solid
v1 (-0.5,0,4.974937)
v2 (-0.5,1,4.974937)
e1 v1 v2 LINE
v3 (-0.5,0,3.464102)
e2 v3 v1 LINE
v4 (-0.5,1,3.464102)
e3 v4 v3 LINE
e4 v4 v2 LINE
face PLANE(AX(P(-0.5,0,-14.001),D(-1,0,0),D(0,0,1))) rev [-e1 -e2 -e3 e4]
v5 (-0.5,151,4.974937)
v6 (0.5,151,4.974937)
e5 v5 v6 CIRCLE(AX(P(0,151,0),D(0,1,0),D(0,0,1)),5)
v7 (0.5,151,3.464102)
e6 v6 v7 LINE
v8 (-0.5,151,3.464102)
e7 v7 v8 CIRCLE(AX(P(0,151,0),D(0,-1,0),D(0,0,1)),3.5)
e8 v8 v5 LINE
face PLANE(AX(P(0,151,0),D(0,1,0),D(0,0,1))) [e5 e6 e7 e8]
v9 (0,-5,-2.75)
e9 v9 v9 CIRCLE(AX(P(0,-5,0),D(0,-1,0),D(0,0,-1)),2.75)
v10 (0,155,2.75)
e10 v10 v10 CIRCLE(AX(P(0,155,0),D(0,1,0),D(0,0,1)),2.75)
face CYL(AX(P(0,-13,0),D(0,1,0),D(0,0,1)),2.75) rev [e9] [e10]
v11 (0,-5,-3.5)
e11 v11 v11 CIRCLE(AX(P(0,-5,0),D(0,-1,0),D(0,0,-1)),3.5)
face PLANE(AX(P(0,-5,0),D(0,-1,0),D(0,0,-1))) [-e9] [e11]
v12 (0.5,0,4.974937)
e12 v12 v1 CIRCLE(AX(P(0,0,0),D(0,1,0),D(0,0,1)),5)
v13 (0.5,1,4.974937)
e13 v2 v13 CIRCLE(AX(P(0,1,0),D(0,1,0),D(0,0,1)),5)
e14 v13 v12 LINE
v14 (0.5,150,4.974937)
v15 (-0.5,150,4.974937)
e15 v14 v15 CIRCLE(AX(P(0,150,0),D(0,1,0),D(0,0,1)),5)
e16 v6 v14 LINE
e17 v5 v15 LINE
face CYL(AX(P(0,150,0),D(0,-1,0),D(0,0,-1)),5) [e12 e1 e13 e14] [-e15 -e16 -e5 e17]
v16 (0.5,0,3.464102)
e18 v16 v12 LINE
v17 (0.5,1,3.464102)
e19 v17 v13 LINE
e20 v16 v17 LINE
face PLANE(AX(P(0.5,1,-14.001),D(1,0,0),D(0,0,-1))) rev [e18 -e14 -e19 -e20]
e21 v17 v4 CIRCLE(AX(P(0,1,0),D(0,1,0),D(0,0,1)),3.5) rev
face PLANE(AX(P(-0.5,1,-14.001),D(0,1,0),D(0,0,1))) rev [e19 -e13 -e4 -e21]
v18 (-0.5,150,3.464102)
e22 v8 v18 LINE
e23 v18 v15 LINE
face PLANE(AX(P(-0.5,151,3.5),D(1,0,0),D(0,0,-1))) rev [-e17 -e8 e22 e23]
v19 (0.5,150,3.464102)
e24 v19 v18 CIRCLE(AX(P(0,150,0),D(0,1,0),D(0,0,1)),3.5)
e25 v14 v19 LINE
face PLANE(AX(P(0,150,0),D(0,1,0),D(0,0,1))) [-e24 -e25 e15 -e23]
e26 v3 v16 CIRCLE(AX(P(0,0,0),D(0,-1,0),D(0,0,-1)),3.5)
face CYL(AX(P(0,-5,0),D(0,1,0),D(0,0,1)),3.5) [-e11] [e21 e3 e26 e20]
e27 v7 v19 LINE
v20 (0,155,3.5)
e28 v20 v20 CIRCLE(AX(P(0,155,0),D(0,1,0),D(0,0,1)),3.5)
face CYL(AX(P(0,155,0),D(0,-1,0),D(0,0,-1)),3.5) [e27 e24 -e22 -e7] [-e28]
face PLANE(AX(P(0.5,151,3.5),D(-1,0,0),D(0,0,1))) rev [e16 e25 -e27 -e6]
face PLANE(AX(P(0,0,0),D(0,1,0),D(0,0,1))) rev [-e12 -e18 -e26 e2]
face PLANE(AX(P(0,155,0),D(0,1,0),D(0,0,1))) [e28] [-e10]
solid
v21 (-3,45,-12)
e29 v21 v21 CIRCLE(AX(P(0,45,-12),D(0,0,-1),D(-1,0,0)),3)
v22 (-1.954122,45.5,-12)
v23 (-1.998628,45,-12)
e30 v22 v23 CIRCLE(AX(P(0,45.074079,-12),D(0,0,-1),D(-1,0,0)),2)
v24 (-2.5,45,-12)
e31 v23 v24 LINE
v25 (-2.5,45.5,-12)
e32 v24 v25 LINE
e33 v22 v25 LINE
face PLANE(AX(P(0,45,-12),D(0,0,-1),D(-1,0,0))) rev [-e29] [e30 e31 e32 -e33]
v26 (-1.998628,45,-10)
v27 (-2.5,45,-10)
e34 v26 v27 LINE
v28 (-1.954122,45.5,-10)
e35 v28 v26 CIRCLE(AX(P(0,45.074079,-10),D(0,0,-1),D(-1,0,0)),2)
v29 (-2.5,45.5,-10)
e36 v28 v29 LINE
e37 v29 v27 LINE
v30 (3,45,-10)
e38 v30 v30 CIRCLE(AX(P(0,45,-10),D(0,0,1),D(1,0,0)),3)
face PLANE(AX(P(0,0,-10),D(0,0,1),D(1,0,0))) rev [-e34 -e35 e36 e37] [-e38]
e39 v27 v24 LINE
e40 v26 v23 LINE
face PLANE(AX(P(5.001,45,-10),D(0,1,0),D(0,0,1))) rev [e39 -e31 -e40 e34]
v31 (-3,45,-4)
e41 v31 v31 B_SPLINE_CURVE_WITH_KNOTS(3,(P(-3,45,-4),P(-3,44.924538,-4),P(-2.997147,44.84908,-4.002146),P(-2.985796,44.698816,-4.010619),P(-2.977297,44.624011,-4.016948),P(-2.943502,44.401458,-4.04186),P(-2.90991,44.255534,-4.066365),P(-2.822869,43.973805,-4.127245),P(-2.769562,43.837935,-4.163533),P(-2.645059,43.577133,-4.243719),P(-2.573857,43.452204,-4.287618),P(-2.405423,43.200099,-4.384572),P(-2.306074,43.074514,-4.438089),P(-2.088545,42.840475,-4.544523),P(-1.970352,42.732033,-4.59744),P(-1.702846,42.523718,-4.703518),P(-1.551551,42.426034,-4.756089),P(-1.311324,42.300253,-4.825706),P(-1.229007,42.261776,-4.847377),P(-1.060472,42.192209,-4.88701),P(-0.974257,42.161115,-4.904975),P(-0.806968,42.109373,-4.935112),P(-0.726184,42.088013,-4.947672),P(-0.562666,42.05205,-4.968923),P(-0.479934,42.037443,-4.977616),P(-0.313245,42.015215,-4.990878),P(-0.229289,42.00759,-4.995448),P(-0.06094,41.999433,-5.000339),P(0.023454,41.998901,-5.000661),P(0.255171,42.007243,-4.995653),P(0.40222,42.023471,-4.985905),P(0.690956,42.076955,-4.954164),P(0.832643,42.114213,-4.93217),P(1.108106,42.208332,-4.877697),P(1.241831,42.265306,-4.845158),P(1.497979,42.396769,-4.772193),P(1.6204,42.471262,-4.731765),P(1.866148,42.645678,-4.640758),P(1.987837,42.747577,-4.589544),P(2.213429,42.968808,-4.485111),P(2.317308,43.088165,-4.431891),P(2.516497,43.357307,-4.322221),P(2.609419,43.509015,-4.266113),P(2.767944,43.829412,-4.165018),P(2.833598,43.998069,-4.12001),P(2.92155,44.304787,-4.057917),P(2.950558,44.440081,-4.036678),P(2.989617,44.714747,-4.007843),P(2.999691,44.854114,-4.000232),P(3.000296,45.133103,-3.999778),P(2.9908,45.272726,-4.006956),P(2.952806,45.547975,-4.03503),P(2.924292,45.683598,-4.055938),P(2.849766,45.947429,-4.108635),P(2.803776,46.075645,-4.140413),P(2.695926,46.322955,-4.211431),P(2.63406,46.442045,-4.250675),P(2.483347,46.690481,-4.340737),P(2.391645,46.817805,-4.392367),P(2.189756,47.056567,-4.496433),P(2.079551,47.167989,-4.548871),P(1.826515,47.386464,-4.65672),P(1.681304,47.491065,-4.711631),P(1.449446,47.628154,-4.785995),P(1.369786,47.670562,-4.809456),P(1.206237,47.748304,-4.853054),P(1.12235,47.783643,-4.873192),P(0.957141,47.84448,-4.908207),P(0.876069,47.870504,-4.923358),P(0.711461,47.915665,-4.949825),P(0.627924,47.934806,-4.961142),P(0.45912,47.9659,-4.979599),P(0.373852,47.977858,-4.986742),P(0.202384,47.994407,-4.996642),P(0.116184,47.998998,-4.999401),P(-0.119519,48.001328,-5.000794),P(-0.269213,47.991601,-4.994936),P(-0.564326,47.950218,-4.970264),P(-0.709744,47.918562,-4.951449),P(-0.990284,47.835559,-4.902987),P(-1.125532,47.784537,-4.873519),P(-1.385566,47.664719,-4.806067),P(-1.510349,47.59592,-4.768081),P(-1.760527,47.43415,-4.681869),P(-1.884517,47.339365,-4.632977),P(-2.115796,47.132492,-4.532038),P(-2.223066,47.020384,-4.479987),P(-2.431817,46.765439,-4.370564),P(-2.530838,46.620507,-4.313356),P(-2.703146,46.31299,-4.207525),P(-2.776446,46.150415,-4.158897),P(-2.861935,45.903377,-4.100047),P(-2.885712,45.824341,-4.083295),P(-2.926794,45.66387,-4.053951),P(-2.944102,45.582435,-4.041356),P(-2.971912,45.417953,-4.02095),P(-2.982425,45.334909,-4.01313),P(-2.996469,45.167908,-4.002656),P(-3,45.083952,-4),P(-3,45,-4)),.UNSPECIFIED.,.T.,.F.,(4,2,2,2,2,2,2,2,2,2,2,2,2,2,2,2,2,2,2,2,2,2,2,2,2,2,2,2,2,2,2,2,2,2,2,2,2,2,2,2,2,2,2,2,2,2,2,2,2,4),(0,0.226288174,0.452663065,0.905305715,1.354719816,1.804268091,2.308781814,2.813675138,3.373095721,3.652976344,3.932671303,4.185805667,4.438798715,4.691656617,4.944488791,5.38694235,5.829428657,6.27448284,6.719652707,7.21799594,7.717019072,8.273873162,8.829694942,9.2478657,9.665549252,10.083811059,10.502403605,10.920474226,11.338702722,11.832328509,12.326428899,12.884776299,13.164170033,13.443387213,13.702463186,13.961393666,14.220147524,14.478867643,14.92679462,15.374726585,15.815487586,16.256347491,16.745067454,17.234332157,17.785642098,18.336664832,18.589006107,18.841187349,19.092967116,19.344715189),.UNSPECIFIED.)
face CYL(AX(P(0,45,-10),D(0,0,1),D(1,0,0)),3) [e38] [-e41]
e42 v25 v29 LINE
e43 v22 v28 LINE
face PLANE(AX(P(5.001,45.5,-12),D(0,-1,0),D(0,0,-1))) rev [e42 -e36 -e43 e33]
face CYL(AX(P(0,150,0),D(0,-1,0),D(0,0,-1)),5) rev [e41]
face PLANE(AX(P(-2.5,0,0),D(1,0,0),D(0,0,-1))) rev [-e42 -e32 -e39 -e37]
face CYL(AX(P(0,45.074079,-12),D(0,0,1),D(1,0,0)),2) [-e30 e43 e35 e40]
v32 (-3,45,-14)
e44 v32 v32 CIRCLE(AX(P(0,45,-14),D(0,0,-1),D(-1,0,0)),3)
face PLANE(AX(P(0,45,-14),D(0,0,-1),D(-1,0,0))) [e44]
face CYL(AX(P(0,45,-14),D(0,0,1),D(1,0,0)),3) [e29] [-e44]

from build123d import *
from build123d.topology import SkipClean

# Parameters (mm, degrees)
SKETCH1_R                            = 5
BOSS_EXTRUDE1_DEPTH                  = 150
SKETCH4_R                            = 3
BOSS_EXTRUDE2_DEPTH                  = 5
BOSS_EXTRUDE2_DIRECTION_2_REACH      = 152.416
BOSS_EXTRUDE2_DIRECTION_2_END_RADIUS = 5
SKETCH5_R                            = 2
BOSS_EXTRUDE3_DEPTH                  = 2
SKETCH6_R                            = 3
BOSS_EXTRUDE4_DEPTH                  = 2
SKETCH7_R                            = 3.5
BOSS_EXTRUDE5_DEPTH                  = 5
BOSS_EXTRUDE6_START                  = 5
SKETCH8_R                            = 3.5
BOSS_EXTRUDE6_DEPTH                  = 5
SKETCH9_R                            = 2.75
CUT_EXTRUDE1_DEPTH                   = 168
CUT_EXTRUDE4_REACH                   = 158.24
CUT_EXTRUDE4_END_RADIUS              = 3.5
BOSS_EXTRUDE7_START                  = 1
BOSS_EXTRUDE7_DEPTH                  = 1
BOSS_EXTRUDE8_REACH                  = 157.812
BOSS_EXTRUDE8_END_RADIUS             = 2
SKETCH18_W                           = 2
SKETCH18_H                           = 0.5


with BuildPart() as part:
    # Sketch1 → Boss-Extrude1 (new body)
    with BuildSketch(Plane(origin=(0, 0, 0), x_dir=(1, 0, 0), z_dir=(0, 1, 0))):
        with Locations(Location((0, 0, 0), (0, 0, 270))):
            Circle(SKETCH1_R)
    extrude(amount=BOSS_EXTRUDE1_DEPTH)

    # Sketch7 → Boss-Extrude5 (add)
    with BuildSketch(Plane.XZ):
        with Locations(Location((0, 0, 0), (0, 0, 270))):
            Circle(SKETCH7_R)
    extrude(amount=BOSS_EXTRUDE5_DEPTH)

    # Sketch8 → Boss-Extrude6 (add)
    with BuildSketch(Plane(origin=(0, 150, 0), x_dir=(1, 0, 0), z_dir=(0, 1, 0)).offset(BOSS_EXTRUDE6_START)):
        with Locations(Location((0, 0, 0), (0, 0, 90))):
            Circle(SKETCH8_R)
    extrude(amount=-BOSS_EXTRUDE6_DEPTH)

    # Sketch9 → Cut-Extrude1 (cut)
    with BuildSketch(Plane(origin=(0, 155, 0), x_dir=(1, 0, 0), z_dir=(0, 1, 0))):
        with Locations(Location((0, 0, 0), (0, 0, 270))):
            Circle(SKETCH9_R)
    extrude(amount=-CUT_EXTRUDE1_DEPTH, mode=Mode.SUBTRACT)

    # Cut-Extrude4: up to this cylinder (the profile starts outside it)
    cut_extrude4_end = Plane(origin=(0, 0.5, 0), z_dir=(0, 1, 0)) * Cylinder(CUT_EXTRUDE4_END_RADIUS, 324.48, mode=Mode.PRIVATE)
    # Sketch14 → Cut-Extrude4 (cut, up to the surface)
    with BuildSketch(Plane.XY.offset(5), mode=Mode.PRIVATE) as cut_extrude4_sk1:
        Polygon((0, 0), (0.5, 0), (0.5, 1), (-0.5, 1), (-0.5, 0), align=None)
    cut_extrude4_tool1 = extrude(cut_extrude4_sk1.sketch, amount=-CUT_EXTRUDE4_REACH, mode=Mode.PRIVATE) - cut_extrude4_end
    add(cut_extrude4_tool1.solids().sort_by_distance((0, 0.5, 5))[0], mode=Mode.SUBTRACT)

    # Sketch16 → Boss-Extrude7 (add)
    with BuildSketch(Plane(origin=(0, 150, 0), x_dir=(1, 0, 0), z_dir=(0, 1, 0)).offset(BOSS_EXTRUDE7_START)):
        with BuildLine():
            Line((0.5, -3.5), (0.5, -4.974937186))
            ThreePointArc((0.5, -4.974937186), (0, -5), (-0.5, -4.974937186))
            Line((-0.5, -4.974937186), (-0.5, -3.5))
            Line((-0.5, -3.5), (-0.5, -3.464101615))
            ThreePointArc((-0.5, -3.464101615), (0, -3.5), (0.5, -3.464101615))
            Line((0.5, -3.464101615), (0.5, -3.5))
        make_face()
    extrude(amount=-BOSS_EXTRUDE7_DEPTH)


with BuildPart() as body_2:
    # Sketch4 → Boss-Extrude2 (new body)
    with BuildSketch(Plane.XY.offset(-5)):
        with Locations((0, 45)):
            Circle(SKETCH4_R)
    extrude(amount=-BOSS_EXTRUDE2_DEPTH)

    # Boss-Extrude2 direction 2: up to this cylinder (the profile starts outside it)
    with SkipClean():  # the faces are left unmerged after this step: merging them gives an invalid solid
        boss_extrude2_direction_2_end = Plane(origin=(0, 45, 0), z_dir=(0, -1, 0)) * Cylinder(BOSS_EXTRUDE2_DIRECTION_2_END_RADIUS, 315.832, mode=Mode.PRIVATE)
        # Sketch4 → Boss-Extrude2 direction 2 (add, up to the surface)
        with BuildSketch(Plane.XY.offset(-5), mode=Mode.PRIVATE) as boss_extrude2_direction_2_sk1:
            with Locations((0, 45)):
                Circle(SKETCH4_R)
        boss_extrude2_direction_2_tool1 = extrude(boss_extrude2_direction_2_sk1.sketch, amount=BOSS_EXTRUDE2_DIRECTION_2_REACH, mode=Mode.PRIVATE) - boss_extrude2_direction_2_end
        add(boss_extrude2_direction_2_tool1.solids().sort_by_distance((0, 45, -5))[0])
        add(boss_extrude2_direction_2_tool1.solids().sort_by_distance((0, 45, -5))[1])

    # Sketch5 → Boss-Extrude3 (add)
    with SkipClean():  # the faces are left unmerged after this step: merging them gives an invalid solid
        with BuildSketch(Plane(origin=(0, 0, -10), x_dir=(-1, 0, 0), z_dir=(0, 0, -1))):
            with Locations((0, 45.074078642)):
                Circle(SKETCH5_R)
        extrude(amount=BOSS_EXTRUDE3_DEPTH)

    # Sketch6 → Boss-Extrude4 (add)
    with SkipClean():  # the faces are left unmerged after this step: merging them gives an invalid solid
        with BuildSketch(Plane(origin=(0, 0, -12), x_dir=(-1, 0, 0), z_dir=(0, 0, -1))):
            with Locations(Location((0, 45, 0), (0, 0, 180))):
                Circle(SKETCH6_R)
        extrude(amount=BOSS_EXTRUDE4_DEPTH)

    # Boss-Extrude8: up to this cylinder (the profile starts outside it)
    with SkipClean():  # the faces are left unmerged after this step: merging them gives an invalid solid
        boss_extrude8_end = Plane(origin=(0, 45.074078642, -11), z_dir=(0, 0, 1)) * Cylinder(BOSS_EXTRUDE8_END_RADIUS, 320.624, mode=Mode.PRIVATE)
        # Sketch18 → Boss-Extrude8 (add, up to the surface)
        with BuildSketch(Plane(origin=(-2.5, 0, 0), x_dir=(0, 0, -1), z_dir=(1, 0, 0)), mode=Mode.PRIVATE) as boss_extrude8_sk1:
            with Locations((11, 45.25)):
                Rectangle(SKETCH18_W, SKETCH18_H)
        boss_extrude8_tool1 = extrude(boss_extrude8_sk1.sketch, amount=BOSS_EXTRUDE8_REACH, mode=Mode.PRIVATE) - boss_extrude8_end
        add(boss_extrude8_tool1.solids().sort_by_distance((-2.5, 45.25, -11))[0])


solid = Compound([part.part, body_2.part])
